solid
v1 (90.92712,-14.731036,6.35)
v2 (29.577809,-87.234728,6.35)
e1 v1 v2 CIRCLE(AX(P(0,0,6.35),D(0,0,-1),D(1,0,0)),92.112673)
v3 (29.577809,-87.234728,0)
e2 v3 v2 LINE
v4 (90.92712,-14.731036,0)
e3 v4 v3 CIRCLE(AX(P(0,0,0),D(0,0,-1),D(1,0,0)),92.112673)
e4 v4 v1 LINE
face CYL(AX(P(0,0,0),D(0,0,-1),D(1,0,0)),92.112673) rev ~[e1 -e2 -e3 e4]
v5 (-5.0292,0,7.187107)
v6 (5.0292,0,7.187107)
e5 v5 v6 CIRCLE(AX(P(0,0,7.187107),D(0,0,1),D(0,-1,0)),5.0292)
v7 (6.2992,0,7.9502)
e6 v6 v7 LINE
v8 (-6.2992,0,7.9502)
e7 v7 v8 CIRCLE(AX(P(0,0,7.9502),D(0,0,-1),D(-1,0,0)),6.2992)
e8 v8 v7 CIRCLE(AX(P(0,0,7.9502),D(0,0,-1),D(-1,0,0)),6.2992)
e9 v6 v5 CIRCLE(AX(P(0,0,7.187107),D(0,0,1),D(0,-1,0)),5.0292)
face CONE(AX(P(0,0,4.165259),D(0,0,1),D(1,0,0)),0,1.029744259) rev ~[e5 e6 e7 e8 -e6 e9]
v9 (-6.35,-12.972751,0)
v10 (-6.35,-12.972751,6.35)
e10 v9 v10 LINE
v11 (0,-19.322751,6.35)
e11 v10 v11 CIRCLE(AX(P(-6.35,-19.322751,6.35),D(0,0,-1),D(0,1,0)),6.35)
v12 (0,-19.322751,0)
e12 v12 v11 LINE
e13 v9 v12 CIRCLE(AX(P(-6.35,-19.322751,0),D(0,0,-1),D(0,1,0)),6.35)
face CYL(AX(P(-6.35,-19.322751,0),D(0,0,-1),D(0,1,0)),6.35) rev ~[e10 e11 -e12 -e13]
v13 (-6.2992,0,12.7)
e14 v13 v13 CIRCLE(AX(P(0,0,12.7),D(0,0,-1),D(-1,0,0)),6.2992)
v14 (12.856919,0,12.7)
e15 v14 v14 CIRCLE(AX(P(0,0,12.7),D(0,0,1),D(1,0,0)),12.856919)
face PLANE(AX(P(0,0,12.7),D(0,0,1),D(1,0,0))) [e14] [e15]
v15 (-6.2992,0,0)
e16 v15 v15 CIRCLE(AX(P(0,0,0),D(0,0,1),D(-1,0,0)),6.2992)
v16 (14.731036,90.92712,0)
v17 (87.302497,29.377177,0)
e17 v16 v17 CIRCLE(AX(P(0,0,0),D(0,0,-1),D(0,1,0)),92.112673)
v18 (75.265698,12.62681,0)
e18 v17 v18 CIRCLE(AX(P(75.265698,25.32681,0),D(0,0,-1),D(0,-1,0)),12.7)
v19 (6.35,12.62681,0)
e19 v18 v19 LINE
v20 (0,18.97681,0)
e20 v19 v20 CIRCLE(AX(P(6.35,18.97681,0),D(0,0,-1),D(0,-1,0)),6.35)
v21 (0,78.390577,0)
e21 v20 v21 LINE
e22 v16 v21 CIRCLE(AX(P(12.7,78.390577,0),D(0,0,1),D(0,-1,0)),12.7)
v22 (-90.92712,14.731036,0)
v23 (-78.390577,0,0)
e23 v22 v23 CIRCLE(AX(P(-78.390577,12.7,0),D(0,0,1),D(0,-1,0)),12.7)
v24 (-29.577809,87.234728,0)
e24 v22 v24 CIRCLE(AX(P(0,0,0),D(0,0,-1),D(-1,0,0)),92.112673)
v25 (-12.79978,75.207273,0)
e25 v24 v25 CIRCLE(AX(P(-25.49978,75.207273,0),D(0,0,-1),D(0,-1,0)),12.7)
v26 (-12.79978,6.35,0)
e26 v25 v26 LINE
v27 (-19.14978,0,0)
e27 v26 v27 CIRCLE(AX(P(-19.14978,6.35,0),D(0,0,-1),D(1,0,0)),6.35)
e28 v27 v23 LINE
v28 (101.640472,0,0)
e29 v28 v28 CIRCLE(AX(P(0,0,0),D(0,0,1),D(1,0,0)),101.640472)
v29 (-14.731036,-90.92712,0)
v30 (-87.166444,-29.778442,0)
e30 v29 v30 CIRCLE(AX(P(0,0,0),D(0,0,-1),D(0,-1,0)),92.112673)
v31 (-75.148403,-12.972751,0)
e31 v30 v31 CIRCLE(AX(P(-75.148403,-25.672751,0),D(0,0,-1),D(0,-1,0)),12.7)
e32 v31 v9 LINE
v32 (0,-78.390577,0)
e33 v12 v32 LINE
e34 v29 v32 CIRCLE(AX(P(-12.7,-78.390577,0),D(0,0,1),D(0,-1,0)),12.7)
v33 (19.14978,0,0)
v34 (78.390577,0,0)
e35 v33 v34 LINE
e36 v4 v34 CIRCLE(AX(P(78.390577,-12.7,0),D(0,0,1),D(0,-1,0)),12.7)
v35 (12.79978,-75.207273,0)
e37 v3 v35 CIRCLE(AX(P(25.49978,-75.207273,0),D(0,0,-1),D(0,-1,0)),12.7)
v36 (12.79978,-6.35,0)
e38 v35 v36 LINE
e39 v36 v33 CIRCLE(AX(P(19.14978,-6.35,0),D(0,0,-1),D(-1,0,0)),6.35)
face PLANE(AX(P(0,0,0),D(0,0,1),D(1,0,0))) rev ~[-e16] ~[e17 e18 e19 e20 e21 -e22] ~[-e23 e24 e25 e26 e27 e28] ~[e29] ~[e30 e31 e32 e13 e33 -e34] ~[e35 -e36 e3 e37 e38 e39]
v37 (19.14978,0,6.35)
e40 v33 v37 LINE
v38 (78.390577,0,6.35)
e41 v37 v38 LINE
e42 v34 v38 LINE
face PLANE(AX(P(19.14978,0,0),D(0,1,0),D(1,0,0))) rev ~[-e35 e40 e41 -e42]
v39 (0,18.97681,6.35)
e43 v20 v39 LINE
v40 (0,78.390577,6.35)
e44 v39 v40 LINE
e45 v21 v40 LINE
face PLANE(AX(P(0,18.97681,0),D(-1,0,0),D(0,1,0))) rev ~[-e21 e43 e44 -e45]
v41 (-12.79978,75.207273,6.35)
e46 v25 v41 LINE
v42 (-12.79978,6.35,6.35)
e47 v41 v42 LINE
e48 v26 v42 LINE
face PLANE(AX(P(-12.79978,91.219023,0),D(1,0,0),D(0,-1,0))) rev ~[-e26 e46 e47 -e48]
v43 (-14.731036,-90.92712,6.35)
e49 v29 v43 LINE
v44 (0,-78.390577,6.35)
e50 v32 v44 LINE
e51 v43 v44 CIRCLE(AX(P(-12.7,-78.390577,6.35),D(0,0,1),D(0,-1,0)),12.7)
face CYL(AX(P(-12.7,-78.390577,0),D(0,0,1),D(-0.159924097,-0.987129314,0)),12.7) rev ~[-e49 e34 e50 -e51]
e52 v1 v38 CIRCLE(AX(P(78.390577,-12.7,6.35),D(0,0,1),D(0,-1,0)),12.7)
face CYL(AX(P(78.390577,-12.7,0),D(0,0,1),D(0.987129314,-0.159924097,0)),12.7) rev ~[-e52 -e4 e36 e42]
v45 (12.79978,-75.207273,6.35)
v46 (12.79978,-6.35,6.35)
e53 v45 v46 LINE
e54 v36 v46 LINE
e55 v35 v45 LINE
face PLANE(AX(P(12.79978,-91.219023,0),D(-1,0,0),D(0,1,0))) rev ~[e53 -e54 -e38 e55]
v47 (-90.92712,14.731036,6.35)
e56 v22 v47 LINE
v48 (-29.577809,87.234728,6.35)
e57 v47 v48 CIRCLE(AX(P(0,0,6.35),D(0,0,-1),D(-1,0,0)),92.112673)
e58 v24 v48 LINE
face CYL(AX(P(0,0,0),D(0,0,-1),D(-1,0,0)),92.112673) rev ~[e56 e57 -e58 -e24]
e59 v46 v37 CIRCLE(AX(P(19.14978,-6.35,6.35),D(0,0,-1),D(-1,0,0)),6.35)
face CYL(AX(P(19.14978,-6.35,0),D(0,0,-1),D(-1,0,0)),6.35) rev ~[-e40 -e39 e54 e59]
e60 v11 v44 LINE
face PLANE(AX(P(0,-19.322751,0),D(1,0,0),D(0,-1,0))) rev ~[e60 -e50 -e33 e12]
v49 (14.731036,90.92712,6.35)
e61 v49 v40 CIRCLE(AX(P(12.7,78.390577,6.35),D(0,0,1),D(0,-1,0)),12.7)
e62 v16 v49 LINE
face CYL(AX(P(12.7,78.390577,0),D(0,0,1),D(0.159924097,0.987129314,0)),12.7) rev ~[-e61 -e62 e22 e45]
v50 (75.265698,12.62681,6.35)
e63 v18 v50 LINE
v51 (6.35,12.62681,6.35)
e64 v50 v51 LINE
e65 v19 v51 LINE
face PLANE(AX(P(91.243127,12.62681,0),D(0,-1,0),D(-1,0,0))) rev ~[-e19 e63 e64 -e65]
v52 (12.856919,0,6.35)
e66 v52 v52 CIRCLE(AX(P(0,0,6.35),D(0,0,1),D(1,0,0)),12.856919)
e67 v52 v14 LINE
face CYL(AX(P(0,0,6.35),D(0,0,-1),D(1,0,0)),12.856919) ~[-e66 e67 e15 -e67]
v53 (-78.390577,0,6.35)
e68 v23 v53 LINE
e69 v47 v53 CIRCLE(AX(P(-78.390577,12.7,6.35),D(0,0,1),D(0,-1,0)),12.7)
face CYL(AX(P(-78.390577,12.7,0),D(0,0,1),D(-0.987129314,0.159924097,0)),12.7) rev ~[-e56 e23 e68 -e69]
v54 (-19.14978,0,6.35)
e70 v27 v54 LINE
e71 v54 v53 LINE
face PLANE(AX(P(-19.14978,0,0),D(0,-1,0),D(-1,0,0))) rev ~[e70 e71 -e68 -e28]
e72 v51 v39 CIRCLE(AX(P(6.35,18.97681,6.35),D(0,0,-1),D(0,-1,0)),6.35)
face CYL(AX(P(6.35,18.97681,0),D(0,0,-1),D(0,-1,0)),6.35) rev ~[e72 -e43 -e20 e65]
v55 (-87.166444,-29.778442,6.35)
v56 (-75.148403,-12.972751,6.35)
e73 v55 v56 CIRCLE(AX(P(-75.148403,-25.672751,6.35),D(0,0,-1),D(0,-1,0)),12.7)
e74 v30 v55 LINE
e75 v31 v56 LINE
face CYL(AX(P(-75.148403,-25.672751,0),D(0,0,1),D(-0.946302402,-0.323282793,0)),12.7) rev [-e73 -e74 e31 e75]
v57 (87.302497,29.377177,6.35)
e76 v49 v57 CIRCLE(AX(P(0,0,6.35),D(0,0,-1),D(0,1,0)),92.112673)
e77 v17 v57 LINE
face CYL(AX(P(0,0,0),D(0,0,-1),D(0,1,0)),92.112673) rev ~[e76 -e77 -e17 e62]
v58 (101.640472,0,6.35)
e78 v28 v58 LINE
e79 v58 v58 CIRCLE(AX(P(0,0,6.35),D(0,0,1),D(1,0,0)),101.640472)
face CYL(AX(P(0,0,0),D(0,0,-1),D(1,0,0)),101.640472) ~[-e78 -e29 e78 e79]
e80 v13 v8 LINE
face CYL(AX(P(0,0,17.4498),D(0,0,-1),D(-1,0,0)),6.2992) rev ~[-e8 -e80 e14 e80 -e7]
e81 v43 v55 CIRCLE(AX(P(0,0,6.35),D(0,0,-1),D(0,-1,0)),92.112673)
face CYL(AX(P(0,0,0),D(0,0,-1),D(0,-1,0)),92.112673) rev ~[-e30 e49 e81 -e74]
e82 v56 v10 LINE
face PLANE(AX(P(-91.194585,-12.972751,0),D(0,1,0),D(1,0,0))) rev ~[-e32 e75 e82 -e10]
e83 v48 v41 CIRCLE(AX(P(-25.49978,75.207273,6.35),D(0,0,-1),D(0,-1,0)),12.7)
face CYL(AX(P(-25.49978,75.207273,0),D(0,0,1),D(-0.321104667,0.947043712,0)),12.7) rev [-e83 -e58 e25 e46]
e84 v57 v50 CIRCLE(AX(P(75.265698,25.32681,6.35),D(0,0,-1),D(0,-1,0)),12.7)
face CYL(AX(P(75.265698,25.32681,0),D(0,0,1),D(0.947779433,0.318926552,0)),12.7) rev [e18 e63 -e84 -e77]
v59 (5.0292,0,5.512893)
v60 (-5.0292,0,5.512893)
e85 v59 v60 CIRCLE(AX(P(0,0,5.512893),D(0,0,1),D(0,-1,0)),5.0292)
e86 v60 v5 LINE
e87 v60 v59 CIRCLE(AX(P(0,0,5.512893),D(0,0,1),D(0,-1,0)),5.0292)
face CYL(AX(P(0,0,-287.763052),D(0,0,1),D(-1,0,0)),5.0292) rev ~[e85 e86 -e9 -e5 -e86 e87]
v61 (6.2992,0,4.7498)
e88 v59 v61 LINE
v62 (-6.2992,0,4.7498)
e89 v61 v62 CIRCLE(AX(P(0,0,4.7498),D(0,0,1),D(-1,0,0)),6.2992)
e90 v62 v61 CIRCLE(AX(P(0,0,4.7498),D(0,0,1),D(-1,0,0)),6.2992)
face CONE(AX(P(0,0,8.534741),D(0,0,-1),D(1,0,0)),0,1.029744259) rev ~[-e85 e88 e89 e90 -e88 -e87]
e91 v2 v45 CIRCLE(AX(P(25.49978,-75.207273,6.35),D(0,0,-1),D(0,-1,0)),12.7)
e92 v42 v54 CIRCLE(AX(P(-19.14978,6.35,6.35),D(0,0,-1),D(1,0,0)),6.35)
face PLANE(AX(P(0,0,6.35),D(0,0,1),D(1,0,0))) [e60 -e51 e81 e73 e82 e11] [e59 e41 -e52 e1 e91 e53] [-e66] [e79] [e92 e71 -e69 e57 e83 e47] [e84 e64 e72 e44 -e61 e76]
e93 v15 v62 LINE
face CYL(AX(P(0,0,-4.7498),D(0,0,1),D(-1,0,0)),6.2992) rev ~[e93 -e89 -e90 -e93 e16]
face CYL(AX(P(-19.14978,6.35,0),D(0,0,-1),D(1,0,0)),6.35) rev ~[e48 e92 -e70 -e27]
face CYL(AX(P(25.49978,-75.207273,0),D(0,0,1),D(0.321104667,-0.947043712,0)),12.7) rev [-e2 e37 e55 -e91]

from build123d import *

# Parameters (mm, degrees)
F0_R      = 101.6404719392
F1_DEPTH  = 6.35
F2_R      = 12.7
F3_R      = 12.7
F4_R      = 12.7
F5_R      = 12.7
F6_R      = 12.8569190272
F7_DEPTH  = 6.35
F9_D      = 12.5984
F9_DEPTH  = 4.7498
F9_TIP    = 3.7849412114
F11_D     = 12.5984
F11_DEPTH = 4.7498
F11_TIP   = 3.7849412114
F12_D     = 10.0584


with BuildPart() as f1:
    # F0 (on Top) → F1 (new body)
    with BuildSketch(Plane.XY):
        Circle(F0_R)
        with BuildLine():
            ThreePointArc((91.2431268086, 12.6268099993), (91.8950293011, 6.328357632), (92.112672964, 0))
            ThreePointArc((92.112672964, 0), (69.5117488598, -60.438905442), (12.7997798845, -91.2190229912))
            ThreePointArc((12.7997798845, -91.2190229912), (6.4154691053, -91.8889888764), (0, -92.112672964))
            ThreePointArc((0, -92.112672964), (-60.3729648841, -69.5690278189), (-91.194584597, -12.972750701))
            ThreePointArc((-91.194584597, -12.972750701), (-91.8828642012, -6.5025984614), (-92.112672964, 0))
            ThreePointArc((-92.112672964, 0), (-69.5117488598, 60.438905442), (-12.7997798845, 91.2190229912))
            ThreePointArc((-12.7997798845, 91.2190229912), (-6.4154691053, 91.8889888764), (0, 92.112672964))
            ThreePointArc((0, 92.112672964), (60.5047737808, 69.4544229715), (91.2431268086, 12.6268099993))
        make_face(mode=Mode.SUBTRACT)
        with BuildLine():
            Line((19.1497798845, 0), (92.112672964, 0))
            ThreePointArc((92.112672964, 0), (91.8950293011, 6.328357632), (91.2431268086, 12.6268099993))
            Line((91.2431268086, 12.6268099993), (6.35, 12.6268099993))
            ThreePointArc((6.35, 12.6268099993), (1.8598719395, 14.4866819388), (0, 18.9768099993))
            Line((0, 18.9768099993), (0, 92.112672964))
            ThreePointArc((0, 92.112672964), (-6.4154691053, 91.8889888764), (-12.7997798845, 91.2190229912))
            Line((-12.7997798845, 91.2190229912), (-12.7997798845, 6.35))
            ThreePointArc((-12.7997798845, 6.35), (-14.659651824, 1.8598719395), (-19.1497798845, 0))
            Line((-19.1497798845, 0), (-92.112672964, 0))
            ThreePointArc((-92.112672964, 0), (-91.8828642012, -6.5025984614), (-91.194584597, -12.972750701))
            Line((-91.194584597, -12.972750701), (-6.35, -12.972750701))
            ThreePointArc((-6.35, -12.972750701), (-1.8598719395, -14.8326226405), (0, -19.322750701))
            Line((0, -19.322750701), (0, -92.112672964))
            ThreePointArc((0, -92.112672964), (6.4154691053, -91.8889888764), (12.7997798845, -91.2190229912))
            Line((12.7997798845, -91.2190229912), (12.7997798845, -6.35))
            ThreePointArc((12.7997798845, -6.35), (14.659651824, -1.8598719395), (19.1497798845, 0))
        make_face()
    extrude(amount=F1_DEPTH)

    # F2
    f2_edges = [f1.edges().sort_by_distance(p)[0] for p in [
        (-91.194585, -12.972751, 3.175),
        (0, 92.112673, 3.175),
    ]]
    fillet(f2_edges, radius=F2_R)

    # F3
    f3_edges = [f1.edges().sort_by_distance(p)[0] for p in [
        (12.79978, -91.219023, 3.175),
        (-92.112673, 0, 3.175),
    ]]
    fillet(f3_edges, radius=F3_R)

    # F4
    f4_edges = [f1.edges().sort_by_distance(p)[0] for p in [
        (-12.79978, 91.219023, 3.175),
        (92.112673, 0, 3.175),
    ]]
    fillet(f4_edges, radius=F4_R)

    # F5
    f5_edges = [f1.edges().sort_by_distance(p)[0] for p in [
        (91.243127, 12.62681, 3.175),
        (0, -92.112673, 3.175),
    ]]
    fillet(f5_edges, radius=F5_R)

    # F6 (on face) → F7 (join)
    with BuildSketch(Plane.XY.offset(6.35)):
        Circle(F6_R)
    extrude(amount=F7_DEPTH)

    # F9
    with Locations(Plane.XY.offset(12.7)):
        with Locations((0, 0)):
            Hole(F9_D / 2, depth=F9_DEPTH)
            with Locations((0, 0, -(F9_DEPTH + F9_TIP / 2))):  # 118° drill point
                Cone(0, F9_D / 2, F9_TIP, mode=Mode.SUBTRACT)

    # F11
    with Locations(Plane(origin=(0, 0, 0), x_dir=(1, 0, 0), z_dir=(0, 0, -1))):
        with Locations((0, 0)):
            Hole(F11_D / 2, depth=F11_DEPTH)
            with Locations((0, 0, -(F11_DEPTH + F11_TIP / 2))):  # 118° drill point
                Cone(0, F11_D / 2, F11_TIP, mode=Mode.SUBTRACT)

    # F12 (through all)
    with Locations(Plane(origin=(0, 0, 0), x_dir=(1, 0, 0), z_dir=(0, 0, -1))):
        with Locations((0, 0)):
            Hole(F12_D / 2)


solid = f1.part
